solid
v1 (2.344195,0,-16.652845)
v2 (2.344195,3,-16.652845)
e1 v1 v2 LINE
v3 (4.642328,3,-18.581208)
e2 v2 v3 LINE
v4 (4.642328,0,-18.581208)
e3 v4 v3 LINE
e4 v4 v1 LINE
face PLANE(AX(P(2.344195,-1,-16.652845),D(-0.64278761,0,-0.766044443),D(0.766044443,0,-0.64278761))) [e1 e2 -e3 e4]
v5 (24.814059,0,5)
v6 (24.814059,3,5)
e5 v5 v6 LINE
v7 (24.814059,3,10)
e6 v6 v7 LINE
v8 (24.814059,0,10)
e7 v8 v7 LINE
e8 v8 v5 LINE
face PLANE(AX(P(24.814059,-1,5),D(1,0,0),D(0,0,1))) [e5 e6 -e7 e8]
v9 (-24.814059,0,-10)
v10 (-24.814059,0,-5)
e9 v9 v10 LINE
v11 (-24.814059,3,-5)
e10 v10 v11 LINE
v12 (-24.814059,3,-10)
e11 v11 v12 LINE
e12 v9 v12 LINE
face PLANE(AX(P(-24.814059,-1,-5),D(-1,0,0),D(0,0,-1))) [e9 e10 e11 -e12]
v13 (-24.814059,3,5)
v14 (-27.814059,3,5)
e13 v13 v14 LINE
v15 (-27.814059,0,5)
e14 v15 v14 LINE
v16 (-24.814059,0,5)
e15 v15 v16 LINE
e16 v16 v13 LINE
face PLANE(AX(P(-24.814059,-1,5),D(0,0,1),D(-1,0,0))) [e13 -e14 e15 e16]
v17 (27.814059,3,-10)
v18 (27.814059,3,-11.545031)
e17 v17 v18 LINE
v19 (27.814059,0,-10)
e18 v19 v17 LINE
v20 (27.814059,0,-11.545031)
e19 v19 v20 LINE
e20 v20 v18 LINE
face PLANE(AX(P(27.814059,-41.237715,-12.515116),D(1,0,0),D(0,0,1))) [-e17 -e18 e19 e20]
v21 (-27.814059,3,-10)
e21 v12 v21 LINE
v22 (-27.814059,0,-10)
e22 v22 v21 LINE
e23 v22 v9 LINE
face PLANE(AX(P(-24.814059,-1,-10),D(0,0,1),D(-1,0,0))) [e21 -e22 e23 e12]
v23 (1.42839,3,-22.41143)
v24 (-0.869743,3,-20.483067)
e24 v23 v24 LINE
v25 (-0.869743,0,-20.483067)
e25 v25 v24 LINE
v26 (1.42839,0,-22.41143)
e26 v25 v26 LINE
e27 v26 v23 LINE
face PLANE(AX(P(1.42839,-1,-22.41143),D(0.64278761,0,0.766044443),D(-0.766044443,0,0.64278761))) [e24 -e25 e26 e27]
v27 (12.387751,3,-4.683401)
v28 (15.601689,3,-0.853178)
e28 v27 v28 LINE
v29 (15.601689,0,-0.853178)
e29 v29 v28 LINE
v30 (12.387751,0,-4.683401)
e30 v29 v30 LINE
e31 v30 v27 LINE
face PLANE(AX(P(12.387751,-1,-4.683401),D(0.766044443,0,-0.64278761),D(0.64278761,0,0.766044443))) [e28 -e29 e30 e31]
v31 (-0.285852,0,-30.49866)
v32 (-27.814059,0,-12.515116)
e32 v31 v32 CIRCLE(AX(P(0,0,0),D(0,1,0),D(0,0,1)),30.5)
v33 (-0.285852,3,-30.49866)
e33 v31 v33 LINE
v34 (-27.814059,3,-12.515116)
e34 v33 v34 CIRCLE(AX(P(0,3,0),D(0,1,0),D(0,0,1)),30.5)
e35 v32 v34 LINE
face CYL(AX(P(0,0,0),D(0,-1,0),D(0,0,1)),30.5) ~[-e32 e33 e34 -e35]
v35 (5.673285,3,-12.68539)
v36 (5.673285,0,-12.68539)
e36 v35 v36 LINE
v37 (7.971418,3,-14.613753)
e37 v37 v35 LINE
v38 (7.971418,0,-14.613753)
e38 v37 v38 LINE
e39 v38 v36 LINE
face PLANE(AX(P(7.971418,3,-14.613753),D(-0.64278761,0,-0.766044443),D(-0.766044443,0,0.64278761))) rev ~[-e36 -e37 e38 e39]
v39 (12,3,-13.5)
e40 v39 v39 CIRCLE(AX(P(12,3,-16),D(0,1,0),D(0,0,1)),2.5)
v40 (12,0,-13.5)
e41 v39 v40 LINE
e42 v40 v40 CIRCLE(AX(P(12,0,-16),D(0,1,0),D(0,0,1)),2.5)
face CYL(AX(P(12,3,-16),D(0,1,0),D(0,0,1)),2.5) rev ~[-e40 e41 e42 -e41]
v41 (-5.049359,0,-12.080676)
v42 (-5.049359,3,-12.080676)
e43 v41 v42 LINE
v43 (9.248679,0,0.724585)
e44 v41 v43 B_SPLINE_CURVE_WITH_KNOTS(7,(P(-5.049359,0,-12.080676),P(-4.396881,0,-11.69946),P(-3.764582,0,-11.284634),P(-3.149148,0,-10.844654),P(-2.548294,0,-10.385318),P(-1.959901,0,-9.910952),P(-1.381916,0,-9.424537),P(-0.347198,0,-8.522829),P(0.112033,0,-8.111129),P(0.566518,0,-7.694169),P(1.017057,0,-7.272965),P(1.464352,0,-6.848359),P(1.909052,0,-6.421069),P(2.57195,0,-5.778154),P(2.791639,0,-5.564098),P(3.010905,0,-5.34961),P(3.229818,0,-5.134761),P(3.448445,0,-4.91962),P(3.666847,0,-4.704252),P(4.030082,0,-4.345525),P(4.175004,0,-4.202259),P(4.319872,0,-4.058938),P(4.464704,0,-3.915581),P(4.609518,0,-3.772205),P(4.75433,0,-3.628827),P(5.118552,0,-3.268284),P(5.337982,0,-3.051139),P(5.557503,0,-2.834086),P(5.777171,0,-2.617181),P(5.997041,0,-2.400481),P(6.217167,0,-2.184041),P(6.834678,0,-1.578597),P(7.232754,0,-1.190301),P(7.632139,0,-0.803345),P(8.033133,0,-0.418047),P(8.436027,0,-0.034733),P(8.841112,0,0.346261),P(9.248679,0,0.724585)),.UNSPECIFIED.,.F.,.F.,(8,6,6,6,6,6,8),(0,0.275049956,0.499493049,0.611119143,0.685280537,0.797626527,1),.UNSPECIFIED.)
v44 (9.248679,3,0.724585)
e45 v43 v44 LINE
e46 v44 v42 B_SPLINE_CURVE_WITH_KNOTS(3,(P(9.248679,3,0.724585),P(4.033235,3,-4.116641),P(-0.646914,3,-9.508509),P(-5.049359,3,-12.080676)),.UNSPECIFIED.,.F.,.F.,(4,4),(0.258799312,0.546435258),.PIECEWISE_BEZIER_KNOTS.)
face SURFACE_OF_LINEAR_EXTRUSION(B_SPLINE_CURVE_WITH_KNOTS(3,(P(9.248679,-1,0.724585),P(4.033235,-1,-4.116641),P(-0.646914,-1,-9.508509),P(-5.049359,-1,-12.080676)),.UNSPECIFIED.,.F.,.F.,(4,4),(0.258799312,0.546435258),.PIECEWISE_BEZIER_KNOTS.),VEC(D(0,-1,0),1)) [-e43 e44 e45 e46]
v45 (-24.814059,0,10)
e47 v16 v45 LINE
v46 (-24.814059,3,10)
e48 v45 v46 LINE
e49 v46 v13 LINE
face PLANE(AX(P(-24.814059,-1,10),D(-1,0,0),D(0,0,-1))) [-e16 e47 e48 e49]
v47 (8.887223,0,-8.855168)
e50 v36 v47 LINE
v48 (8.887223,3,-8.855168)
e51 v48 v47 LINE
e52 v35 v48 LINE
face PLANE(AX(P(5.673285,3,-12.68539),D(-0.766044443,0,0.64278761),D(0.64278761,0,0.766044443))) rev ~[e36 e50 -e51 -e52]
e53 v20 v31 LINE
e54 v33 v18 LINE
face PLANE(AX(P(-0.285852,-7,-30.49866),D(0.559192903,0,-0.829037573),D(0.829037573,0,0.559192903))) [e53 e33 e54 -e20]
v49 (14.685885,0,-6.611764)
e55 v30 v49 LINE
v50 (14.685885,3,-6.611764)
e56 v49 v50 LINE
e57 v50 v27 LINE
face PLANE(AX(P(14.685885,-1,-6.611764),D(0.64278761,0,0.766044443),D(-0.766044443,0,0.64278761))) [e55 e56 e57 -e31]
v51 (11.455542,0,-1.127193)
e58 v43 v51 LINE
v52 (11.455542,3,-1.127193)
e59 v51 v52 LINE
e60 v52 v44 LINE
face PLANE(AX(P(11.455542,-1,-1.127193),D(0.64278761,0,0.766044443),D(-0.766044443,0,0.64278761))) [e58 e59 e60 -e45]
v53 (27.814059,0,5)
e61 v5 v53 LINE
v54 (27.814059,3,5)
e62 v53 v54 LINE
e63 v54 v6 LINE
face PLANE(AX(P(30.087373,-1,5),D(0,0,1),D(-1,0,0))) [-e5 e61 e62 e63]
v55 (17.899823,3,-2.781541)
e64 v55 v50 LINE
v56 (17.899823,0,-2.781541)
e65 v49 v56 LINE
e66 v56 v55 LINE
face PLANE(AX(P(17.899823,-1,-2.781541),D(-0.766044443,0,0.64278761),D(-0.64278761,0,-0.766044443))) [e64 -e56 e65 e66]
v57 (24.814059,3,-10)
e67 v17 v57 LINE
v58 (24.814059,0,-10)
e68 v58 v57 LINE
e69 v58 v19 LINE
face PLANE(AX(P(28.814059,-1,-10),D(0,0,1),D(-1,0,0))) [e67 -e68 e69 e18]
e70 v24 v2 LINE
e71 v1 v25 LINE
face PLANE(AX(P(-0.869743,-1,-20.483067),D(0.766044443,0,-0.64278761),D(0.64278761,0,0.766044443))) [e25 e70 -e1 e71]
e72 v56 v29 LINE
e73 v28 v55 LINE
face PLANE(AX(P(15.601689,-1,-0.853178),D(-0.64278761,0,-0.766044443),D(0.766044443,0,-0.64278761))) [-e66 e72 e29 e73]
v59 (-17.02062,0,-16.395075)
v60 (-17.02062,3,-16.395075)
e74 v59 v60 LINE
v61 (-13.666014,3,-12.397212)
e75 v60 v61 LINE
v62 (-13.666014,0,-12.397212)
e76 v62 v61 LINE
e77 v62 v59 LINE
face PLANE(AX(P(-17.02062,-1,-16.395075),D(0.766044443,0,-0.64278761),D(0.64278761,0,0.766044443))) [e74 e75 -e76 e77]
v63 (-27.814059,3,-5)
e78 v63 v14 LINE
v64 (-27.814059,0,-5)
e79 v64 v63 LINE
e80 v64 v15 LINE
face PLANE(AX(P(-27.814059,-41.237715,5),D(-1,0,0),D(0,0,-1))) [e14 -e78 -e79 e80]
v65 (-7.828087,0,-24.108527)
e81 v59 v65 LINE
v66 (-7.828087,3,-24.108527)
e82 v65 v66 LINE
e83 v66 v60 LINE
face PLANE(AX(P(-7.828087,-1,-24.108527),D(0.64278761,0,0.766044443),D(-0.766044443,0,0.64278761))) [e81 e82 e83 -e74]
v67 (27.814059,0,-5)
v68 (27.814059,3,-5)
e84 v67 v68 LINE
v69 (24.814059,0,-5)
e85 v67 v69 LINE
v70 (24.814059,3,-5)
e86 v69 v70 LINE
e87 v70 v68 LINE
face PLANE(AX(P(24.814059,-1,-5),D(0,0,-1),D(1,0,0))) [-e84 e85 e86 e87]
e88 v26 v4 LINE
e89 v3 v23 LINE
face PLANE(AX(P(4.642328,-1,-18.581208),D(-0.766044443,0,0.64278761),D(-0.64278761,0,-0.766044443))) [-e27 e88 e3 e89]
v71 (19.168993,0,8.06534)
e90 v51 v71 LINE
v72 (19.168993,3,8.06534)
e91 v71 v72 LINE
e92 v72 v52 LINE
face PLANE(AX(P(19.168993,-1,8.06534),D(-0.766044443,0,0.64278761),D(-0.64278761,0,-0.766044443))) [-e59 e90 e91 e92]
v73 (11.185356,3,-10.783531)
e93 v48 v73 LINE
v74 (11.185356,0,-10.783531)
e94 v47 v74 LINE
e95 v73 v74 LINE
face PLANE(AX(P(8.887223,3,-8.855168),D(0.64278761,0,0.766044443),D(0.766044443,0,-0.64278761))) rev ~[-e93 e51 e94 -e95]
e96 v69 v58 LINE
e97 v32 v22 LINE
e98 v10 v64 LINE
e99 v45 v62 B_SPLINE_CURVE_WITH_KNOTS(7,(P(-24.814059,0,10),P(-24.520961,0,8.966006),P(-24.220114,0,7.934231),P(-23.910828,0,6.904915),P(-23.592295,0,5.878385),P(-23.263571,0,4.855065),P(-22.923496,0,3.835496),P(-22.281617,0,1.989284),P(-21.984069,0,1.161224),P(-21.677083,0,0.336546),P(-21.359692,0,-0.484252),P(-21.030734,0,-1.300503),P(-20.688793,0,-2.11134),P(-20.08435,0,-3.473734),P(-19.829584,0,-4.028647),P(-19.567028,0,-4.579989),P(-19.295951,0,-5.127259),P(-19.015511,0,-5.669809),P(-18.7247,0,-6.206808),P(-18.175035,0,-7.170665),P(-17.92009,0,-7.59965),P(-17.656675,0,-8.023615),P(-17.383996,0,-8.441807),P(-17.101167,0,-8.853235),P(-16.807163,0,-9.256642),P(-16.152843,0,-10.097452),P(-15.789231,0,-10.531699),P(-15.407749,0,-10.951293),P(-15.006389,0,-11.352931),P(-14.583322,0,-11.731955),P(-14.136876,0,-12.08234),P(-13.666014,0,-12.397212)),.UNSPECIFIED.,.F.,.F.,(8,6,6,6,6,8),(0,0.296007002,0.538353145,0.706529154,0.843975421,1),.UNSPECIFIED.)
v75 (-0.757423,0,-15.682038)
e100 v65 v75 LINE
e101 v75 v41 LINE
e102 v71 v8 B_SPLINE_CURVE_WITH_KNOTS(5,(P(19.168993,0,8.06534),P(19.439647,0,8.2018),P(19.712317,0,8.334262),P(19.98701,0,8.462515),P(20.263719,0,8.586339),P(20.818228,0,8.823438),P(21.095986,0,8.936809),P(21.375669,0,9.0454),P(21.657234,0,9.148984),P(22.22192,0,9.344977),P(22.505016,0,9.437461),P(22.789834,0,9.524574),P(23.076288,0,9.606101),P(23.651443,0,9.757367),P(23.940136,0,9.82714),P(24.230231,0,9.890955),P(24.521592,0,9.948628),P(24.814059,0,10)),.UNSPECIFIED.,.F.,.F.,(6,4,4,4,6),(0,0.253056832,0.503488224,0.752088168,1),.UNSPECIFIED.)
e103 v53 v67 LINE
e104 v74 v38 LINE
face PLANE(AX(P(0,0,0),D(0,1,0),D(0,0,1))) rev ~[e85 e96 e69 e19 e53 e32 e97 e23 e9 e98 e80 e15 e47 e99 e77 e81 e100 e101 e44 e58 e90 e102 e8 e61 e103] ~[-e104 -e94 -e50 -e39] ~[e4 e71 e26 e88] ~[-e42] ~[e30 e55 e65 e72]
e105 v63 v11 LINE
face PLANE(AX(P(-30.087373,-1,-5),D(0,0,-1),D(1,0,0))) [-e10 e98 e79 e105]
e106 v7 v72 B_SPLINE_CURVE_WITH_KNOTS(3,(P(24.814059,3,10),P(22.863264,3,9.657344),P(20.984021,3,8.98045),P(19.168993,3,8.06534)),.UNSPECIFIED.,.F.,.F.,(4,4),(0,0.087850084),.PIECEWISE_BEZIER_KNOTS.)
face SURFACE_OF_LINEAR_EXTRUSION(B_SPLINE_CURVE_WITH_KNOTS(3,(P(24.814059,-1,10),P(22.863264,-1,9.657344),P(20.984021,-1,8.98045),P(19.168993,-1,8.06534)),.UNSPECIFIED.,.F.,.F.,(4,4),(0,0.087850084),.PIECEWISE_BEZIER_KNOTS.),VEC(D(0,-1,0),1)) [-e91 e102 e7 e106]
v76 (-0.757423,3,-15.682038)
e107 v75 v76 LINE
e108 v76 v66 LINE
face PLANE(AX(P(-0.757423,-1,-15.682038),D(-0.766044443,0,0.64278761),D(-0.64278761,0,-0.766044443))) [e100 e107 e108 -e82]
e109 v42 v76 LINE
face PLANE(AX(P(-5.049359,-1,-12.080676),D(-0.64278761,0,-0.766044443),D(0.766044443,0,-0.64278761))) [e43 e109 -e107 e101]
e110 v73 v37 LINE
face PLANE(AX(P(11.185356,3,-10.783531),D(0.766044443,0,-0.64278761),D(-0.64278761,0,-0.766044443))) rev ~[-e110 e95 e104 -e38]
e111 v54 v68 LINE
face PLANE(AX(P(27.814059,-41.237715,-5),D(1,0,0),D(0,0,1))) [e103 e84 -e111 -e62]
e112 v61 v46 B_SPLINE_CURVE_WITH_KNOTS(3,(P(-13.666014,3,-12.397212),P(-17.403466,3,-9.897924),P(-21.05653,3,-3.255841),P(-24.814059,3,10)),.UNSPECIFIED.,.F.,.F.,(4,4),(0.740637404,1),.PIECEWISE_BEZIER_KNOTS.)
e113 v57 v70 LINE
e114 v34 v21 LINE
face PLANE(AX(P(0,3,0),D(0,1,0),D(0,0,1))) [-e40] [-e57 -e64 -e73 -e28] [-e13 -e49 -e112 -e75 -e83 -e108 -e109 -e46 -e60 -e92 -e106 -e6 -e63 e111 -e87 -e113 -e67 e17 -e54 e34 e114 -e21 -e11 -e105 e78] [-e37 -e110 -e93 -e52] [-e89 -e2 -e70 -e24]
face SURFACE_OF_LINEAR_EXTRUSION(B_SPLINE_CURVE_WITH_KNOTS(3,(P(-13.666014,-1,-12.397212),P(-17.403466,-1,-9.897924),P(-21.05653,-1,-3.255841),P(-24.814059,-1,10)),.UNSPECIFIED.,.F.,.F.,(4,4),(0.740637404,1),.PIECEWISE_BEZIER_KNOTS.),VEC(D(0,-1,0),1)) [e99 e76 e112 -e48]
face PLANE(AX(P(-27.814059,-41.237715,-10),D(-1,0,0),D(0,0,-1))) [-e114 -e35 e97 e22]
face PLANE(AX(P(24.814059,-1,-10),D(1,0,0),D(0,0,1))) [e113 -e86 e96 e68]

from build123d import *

# Parameters (mm, degrees)
CROQUIS1_R                 = 30.5
SALIENTE_EXTRUIR1_DEPTH    = 3
CROQUIS2_R                 = 2
CORTAR_EXTRUIR1_DEPTH      = 4
CORTAR_EXTRUIR3_START      = -4
CORTAR_EXTRUIR3_DEPTH      = 4
CORTAR_EXTRUIR5_START      = -4
CORTAR_EXTRUIR5_DEPTH      = 4
CORTAR_EXTRUIR6_DEPTH      = 10
CROQUIS10_R                = 2.5
CORTAR_EXTRUIR7_DEPTH      = 3
CORTAR_EXTRUIR8_DEPTH      = 44.237715166
CORTAR_EXTRUIR8_DEPTH_BACK = 44.237715166
CORTAR_EXTRUIR9_START      = -10
CORTAR_EXTRUIR9_DEPTH      = 10


with BuildPart() as part:
    # Croquis1 → Saliente-Extruir1 (new body)
    with BuildSketch(Plane(origin=(0, 0, 0), x_dir=(1, 0, 0), z_dir=(0, 1, 0))):
        with Locations(Location((0, 0, 0), (0, 0, 270))):
            Circle(CROQUIS1_R)
    extrude(amount=SALIENTE_EXTRUIR1_DEPTH)

    # Croquis2 → Cortar-Extruir1 (cut)
    with BuildSketch(Plane(origin=(0, 3, 0), x_dir=(1, 0, 0), z_dir=(0, 1, 0))):
        with Locations(Location((0, 0, 0), (0, 0, 270))):
            Circle(CROQUIS2_R)
    extrude(amount=-CORTAR_EXTRUIR1_DEPTH, mode=Mode.SUBTRACT)

    # Croquis5 → Cortar-Extruir3 (cut)
    with BuildSketch(Plane(origin=(0, 3, 0), x_dir=(1, 0, 0), z_dir=(0, 1, 0)).offset(CORTAR_EXTRUIR3_START)):
        with BuildLine():
            Line((28.814059068, 5), (30.087372767, 5))
            ThreePointArc((30.087372767, 5), (29.556634924, 7.526973624), (28.814059068, 10))
            Line((28.814059068, 10), (24.814059068, 10))
            Line((24.814059068, 10), (24.814059068, 5))
            Line((24.814059068, 5), (28.814059068, 5))
        make_face()
        with BuildLine():
            Line((30.087372767, -5), (28.814059068, -5))
            Line((28.814059068, -5), (24.814059068, -5))
            Line((24.814059068, -5), (24.814059068, -10))
            Line((24.814059068, -10), (28.814059068, -10))
            ThreePointArc((28.814059068, -10), (29.556634924, -7.526973624), (30.087372767, -5))
        make_face()
        with BuildLine():
            Line((-24.814059068, 5), (-24.814059068, 10))
            Line((-24.814059068, 10), (-28.814059068, 10))
            ThreePointArc((-28.814059068, 10), (-29.556634924, 7.526973624), (-30.087372767, 5))
            Line((-30.087372767, 5), (-28.814059068, 5))
            Line((-28.814059068, 5), (-24.814059068, 5))
        make_face()
        with BuildLine():
            Line((-28.814059068, -10), (-24.814059068, -10))
            Line((-24.814059068, -10), (-24.814059068, -5))
            Line((-24.814059068, -5), (-28.814059068, -5))
            Line((-28.814059068, -5), (-30.087372767, -5))
            ThreePointArc((-30.087372767, -5), (-29.556634924, -7.526973624), (-28.814059068, -10))
        make_face()
    extrude(amount=CORTAR_EXTRUIR3_DEPTH, mode=Mode.SUBTRACT)

    # Croquis7 → Cortar-Extruir5 (cut)
    with BuildSketch(Plane(origin=(0, 3, 0), x_dir=(1, 0, 0), z_dir=(0, 1, 0)).offset(CORTAR_EXTRUIR5_START)):
        Polygon((1.428390211, 22.411430151), (-0.869743118, 20.483067322), (2.34419493, 16.652845106), (4.642328259, 18.581207935), align=None)
        with BuildLine():
            Line((-24.814059068, -10), (-28.814059068, -10))
            ThreePointArc((-28.814059068, -10), (0, -30.5), (28.814059068, -10))
            Line((28.814059068, -10), (24.814059068, -10))
            add(Edge.make_bspline(
                [(24.814059068, -10), (22.863263717, -9.657344338), (20.984021298, -8.980450277), (19.168992989, -8.065339906)],
                knots=[0, 0, 0, 0, 0.087850084, 0.087850084, 0.087850084, 0.087850084], degree=3))
            Line((19.168992989, -8.065339906), (11.455541673, 1.127193412))
            Line((11.455541673, 1.127193412), (9.248678515, -0.72458465))
            add(Edge.make_bspline(
                [(9.248678515, -0.72458465), (4.033234859, 4.116641048), (-0.646914404, 9.508508747), (-5.04935939, 12.080675515)],
                knots=[0.258799312, 0.258799312, 0.258799312, 0.258799312, 0.546435258, 0.546435258, 0.546435258, 0.546435258], degree=3))
            Line((-5.04935939, 12.080675515), (-0.757422911, 15.682037831))
            Line((-0.757422911, 15.682037831), (-7.828086618, 24.108526705))
            Line((-7.828086618, 24.108526705), (-17.020619935, 16.395075389))
            Line((-17.020619935, 16.395075389), (-13.66601447, 12.397212273))
            add(Edge.make_bspline(
                [(-13.66601447, 12.397212273), (-17.403465693, 9.897923685), (-21.056529869, 3.255841362), (-24.814059068, -10)],
                knots=[0.740637404, 0.740637404, 0.740637404, 0.740637404, 1, 1, 1, 1], degree=3))
        make_face()
        Polygon((14.685884661, 6.611763511), (12.387751331, 4.683400682), (15.60168938, 0.853178467), (17.899822709, 2.781541296), align=None)
    extrude(amount=CORTAR_EXTRUIR5_DEPTH, mode=Mode.SUBTRACT)

    # Croquis9 → Cortar-Extruir6 (cut)
    with BuildSketch(Plane(origin=(0, 3, 0), x_dir=(1, 0, 0), z_dir=(0, 1, 0))):
        Polygon((7.971418181, 14.613753061), (5.673284852, 12.685390231), (8.887222901, 8.855168016), (11.18535623, 10.783530845), align=None)
    extrude(amount=-CORTAR_EXTRUIR6_DEPTH, mode=Mode.SUBTRACT)

    # Croquis10 → Cortar-Extruir7 (cut)
    with BuildSketch(Plane(origin=(0, 3, 0), x_dir=(1, 0, 0), z_dir=(0, 1, 0))):
        with Locations(Location((12, 16, 0), (0, 0, 270))):
            Circle(CROQUIS10_R)
    extrude(amount=-CORTAR_EXTRUIR7_DEPTH, mode=Mode.SUBTRACT)

    # Croquis11 → Cortar-Extruir8 (cut, two sides: drawn at the far end of the back side and taken through both)
    with BuildSketch(Plane(origin=(0, 3, 0), x_dir=(1, 0, 0), z_dir=(0, 1, 0)).offset(-CORTAR_EXTRUIR8_DEPTH_BACK)):
        with BuildLine():
            Line((30.087372767, 5), (27.814059068, 5))
            Line((27.814059068, 5), (27.814059068, -5))
            Line((27.814059068, -5), (30.087372767, -5))
            ThreePointArc((30.087372767, -5), (30.5, 0), (30.087372767, 5))
        make_face()
        with BuildLine():
            ThreePointArc((28.814059068, 10), (28.341972277, 11.268655974), (27.814059068, 12.515115586))
            Line((27.814059068, 12.515115586), (27.814059068, 10))
            Line((27.814059068, 10), (28.814059068, 10))
        make_face()
        with BuildLine():
            Line((-27.814059068, -5), (-27.814059068, 5))
            Line((-27.814059068, 5), (-30.087372767, 5))
            ThreePointArc((-30.087372767, 5), (-30.5, 0), (-30.087372767, -5))
            Line((-30.087372767, -5), (-27.814059068, -5))
        make_face()
        with BuildLine():
            Line((-28.814059068, 10), (-27.814059068, 10))
            Line((-27.814059068, 10), (-27.814059068, 12.515115586))
            ThreePointArc((-27.814059068, 12.515115586), (-28.341972277, 11.268655974), (-28.814059068, 10))
        make_face()
    extrude(amount=CORTAR_EXTRUIR8_DEPTH + CORTAR_EXTRUIR8_DEPTH_BACK, mode=Mode.SUBTRACT)

    # Croquis12 → Cortar-Extruir9 (cut)
    with BuildSketch(Plane(origin=(0, 3, 0), x_dir=(1, 0, 0), z_dir=(0, 1, 0)).offset(CORTAR_EXTRUIR9_START)):
        with BuildLine():
            Line((-0.28585192, 30.498660441), (27.814059068, 11.545031156))
            Line((27.814059068, 11.545031156), (27.814059068, 12.515115586))
            ThreePointArc((27.814059068, 12.515115586), (16.440879495, 25.689442995), (-0.28585192, 30.498660441))
        make_face()
    extrude(amount=CORTAR_EXTRUIR9_DEPTH, mode=Mode.SUBTRACT)


solid = part.part
